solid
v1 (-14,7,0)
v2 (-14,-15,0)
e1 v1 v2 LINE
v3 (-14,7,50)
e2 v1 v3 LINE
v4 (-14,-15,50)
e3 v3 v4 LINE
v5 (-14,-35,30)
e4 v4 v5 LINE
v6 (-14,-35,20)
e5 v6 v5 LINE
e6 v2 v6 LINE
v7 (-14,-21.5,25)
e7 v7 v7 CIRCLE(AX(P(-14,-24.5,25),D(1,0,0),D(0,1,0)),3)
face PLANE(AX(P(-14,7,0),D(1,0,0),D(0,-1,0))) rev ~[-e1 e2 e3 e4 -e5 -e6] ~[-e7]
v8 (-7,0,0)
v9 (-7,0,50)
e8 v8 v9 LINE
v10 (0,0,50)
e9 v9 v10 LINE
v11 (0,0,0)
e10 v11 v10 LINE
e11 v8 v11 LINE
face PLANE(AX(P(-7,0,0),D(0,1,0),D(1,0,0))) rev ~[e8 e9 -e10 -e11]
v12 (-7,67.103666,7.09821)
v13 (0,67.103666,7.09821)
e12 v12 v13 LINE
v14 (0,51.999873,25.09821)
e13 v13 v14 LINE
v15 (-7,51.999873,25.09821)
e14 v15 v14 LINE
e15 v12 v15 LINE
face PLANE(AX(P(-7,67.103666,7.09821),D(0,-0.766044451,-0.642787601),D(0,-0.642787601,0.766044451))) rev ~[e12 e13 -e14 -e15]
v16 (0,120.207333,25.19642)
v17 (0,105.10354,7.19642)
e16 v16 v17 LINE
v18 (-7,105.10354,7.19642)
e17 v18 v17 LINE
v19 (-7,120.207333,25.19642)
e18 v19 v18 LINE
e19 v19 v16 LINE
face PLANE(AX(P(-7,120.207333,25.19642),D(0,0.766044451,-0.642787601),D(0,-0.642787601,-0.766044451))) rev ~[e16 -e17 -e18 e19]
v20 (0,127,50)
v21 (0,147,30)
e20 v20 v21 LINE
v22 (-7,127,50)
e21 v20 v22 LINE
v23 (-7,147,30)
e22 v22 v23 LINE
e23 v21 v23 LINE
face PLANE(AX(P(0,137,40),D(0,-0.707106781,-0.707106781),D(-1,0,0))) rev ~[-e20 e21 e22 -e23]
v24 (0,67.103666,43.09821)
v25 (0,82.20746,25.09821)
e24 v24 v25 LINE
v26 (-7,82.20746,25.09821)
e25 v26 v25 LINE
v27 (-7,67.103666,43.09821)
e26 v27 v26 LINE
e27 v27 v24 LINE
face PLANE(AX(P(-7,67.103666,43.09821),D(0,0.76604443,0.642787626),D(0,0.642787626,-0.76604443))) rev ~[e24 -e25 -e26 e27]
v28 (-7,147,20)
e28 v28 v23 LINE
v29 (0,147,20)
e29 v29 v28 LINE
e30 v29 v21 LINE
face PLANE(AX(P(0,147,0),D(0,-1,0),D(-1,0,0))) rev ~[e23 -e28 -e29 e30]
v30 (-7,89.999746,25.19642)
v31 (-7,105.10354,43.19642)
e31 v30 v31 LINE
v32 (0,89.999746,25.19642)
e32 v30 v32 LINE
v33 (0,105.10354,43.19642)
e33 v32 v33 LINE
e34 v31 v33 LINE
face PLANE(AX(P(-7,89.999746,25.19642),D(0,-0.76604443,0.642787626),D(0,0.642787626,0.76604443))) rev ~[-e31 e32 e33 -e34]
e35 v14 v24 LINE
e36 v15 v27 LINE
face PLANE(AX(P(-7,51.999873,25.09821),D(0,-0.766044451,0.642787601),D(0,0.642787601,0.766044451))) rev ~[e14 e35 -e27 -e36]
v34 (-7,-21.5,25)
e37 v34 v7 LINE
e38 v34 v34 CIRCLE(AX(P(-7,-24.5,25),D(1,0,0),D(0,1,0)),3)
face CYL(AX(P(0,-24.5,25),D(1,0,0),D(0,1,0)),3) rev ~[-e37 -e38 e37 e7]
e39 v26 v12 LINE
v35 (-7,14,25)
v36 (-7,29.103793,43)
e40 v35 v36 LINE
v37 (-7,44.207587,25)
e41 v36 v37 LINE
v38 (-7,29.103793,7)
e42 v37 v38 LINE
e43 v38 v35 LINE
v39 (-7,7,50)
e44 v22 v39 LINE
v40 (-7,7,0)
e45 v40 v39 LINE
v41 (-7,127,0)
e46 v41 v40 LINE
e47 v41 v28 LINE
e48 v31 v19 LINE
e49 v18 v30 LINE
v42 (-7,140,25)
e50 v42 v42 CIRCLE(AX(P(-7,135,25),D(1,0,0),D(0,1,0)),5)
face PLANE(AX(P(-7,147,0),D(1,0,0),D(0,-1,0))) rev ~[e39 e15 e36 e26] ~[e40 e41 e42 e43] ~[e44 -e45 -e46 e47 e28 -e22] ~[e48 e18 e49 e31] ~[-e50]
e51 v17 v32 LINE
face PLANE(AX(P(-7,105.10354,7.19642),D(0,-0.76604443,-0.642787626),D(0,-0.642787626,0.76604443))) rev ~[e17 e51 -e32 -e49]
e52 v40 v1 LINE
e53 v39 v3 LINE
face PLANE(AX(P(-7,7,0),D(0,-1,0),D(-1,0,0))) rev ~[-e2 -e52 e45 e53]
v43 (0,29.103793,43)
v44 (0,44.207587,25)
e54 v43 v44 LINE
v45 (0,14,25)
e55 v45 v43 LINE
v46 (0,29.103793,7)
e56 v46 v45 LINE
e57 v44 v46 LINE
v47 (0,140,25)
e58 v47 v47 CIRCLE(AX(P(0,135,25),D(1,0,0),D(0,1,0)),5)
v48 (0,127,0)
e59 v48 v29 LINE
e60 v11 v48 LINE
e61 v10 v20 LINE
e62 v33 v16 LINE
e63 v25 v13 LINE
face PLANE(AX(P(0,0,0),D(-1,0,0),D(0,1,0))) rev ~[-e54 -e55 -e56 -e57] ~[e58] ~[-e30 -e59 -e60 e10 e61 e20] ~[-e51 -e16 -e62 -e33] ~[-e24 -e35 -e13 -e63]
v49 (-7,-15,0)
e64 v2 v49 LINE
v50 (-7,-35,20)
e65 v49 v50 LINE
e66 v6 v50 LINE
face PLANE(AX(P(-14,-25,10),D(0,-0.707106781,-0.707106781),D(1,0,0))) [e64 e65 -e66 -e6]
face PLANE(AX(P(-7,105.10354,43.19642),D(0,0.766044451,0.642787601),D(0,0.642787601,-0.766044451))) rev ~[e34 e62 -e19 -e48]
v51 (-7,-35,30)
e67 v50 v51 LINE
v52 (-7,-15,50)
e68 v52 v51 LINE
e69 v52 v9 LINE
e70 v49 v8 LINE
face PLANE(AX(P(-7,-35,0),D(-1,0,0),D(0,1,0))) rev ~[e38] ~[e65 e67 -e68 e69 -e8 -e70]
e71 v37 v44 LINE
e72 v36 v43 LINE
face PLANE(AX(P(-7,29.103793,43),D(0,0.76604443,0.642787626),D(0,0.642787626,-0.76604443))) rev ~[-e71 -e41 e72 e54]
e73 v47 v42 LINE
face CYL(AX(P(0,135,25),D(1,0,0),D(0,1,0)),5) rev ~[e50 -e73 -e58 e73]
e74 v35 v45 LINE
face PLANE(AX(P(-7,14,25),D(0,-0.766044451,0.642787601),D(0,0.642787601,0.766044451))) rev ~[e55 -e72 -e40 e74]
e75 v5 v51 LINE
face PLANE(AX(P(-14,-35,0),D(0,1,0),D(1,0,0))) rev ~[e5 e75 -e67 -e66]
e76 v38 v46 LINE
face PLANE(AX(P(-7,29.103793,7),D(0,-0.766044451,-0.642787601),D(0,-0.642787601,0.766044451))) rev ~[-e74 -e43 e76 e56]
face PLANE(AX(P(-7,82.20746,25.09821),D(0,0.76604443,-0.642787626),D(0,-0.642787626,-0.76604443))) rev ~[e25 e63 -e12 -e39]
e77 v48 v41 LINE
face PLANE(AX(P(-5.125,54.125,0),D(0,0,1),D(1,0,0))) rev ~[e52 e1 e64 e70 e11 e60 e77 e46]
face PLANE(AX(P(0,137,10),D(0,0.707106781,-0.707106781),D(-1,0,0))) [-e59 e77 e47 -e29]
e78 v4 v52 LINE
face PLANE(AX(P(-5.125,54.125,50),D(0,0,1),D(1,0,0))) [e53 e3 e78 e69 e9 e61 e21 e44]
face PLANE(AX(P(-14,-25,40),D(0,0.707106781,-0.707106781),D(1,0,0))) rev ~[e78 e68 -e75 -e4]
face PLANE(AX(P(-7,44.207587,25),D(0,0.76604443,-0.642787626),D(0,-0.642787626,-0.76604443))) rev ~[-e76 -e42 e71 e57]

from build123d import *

# Parameters (mm, degrees)
F1_DEPTH = 50
F2_R     = 3
F2_R_2   = 5
F3_DEPTH = 25
F5_DEPTH = 25
F6_SIZE2 = 20
F6_SIZE  = 20


with BuildPart() as f1:
    # F0 (on Top) → F1 (new body)
    with BuildSketch(Plane.XY):
        Polygon((-14, 7), (-14, -35), (-7, -35), (-7, 0), (0, 0), (0, 147), (-7, 147), (-7, 7), align=None)
    extrude(amount=F1_DEPTH)

    # F2 (on Right) → F3 (cut)
    with BuildSketch(Plane.YZ):
        with Locations((-24.5, 25)):
            Circle(F2_R)
        with Locations((135, 25)):
            Circle(F2_R_2)
    extrude(amount=-F3_DEPTH, mode=Mode.SUBTRACT)

    # F4 (on face) → F5 (cut)
    with BuildSketch(Plane(origin=(-7, 0, 0), x_dir=(0, -1, 0), z_dir=(-1, 0, 0))):
        Polygon((-89.999746, 25.19642), (-105.10354, 43.19642), (-120.207333, 25.19642), (-105.10354, 7.19642), align=None)
        Polygon((-51.999873, 25.09821), (-67.103666, 43.09821), (-82.20746, 25.09821), (-67.103666, 7.09821), align=None)
        Polygon((-44.207587, 25), (-29.103793, 7), (-14, 25), (-29.103793, 43), align=None)
    extrude(amount=-F5_DEPTH, mode=Mode.SUBTRACT)

    # F6
    f6_edges = [f1.edges().sort_by_distance(p)[0] for p in [
        (-3.5, 147, 50),
        (-3.5, 147, 0),
        (-10.5, -35, 50),
        (-10.5, -35, 0),
    ]]
    chamfer(f6_edges, length=F6_SIZE, length2=F6_SIZE2)


solid = f1.part
